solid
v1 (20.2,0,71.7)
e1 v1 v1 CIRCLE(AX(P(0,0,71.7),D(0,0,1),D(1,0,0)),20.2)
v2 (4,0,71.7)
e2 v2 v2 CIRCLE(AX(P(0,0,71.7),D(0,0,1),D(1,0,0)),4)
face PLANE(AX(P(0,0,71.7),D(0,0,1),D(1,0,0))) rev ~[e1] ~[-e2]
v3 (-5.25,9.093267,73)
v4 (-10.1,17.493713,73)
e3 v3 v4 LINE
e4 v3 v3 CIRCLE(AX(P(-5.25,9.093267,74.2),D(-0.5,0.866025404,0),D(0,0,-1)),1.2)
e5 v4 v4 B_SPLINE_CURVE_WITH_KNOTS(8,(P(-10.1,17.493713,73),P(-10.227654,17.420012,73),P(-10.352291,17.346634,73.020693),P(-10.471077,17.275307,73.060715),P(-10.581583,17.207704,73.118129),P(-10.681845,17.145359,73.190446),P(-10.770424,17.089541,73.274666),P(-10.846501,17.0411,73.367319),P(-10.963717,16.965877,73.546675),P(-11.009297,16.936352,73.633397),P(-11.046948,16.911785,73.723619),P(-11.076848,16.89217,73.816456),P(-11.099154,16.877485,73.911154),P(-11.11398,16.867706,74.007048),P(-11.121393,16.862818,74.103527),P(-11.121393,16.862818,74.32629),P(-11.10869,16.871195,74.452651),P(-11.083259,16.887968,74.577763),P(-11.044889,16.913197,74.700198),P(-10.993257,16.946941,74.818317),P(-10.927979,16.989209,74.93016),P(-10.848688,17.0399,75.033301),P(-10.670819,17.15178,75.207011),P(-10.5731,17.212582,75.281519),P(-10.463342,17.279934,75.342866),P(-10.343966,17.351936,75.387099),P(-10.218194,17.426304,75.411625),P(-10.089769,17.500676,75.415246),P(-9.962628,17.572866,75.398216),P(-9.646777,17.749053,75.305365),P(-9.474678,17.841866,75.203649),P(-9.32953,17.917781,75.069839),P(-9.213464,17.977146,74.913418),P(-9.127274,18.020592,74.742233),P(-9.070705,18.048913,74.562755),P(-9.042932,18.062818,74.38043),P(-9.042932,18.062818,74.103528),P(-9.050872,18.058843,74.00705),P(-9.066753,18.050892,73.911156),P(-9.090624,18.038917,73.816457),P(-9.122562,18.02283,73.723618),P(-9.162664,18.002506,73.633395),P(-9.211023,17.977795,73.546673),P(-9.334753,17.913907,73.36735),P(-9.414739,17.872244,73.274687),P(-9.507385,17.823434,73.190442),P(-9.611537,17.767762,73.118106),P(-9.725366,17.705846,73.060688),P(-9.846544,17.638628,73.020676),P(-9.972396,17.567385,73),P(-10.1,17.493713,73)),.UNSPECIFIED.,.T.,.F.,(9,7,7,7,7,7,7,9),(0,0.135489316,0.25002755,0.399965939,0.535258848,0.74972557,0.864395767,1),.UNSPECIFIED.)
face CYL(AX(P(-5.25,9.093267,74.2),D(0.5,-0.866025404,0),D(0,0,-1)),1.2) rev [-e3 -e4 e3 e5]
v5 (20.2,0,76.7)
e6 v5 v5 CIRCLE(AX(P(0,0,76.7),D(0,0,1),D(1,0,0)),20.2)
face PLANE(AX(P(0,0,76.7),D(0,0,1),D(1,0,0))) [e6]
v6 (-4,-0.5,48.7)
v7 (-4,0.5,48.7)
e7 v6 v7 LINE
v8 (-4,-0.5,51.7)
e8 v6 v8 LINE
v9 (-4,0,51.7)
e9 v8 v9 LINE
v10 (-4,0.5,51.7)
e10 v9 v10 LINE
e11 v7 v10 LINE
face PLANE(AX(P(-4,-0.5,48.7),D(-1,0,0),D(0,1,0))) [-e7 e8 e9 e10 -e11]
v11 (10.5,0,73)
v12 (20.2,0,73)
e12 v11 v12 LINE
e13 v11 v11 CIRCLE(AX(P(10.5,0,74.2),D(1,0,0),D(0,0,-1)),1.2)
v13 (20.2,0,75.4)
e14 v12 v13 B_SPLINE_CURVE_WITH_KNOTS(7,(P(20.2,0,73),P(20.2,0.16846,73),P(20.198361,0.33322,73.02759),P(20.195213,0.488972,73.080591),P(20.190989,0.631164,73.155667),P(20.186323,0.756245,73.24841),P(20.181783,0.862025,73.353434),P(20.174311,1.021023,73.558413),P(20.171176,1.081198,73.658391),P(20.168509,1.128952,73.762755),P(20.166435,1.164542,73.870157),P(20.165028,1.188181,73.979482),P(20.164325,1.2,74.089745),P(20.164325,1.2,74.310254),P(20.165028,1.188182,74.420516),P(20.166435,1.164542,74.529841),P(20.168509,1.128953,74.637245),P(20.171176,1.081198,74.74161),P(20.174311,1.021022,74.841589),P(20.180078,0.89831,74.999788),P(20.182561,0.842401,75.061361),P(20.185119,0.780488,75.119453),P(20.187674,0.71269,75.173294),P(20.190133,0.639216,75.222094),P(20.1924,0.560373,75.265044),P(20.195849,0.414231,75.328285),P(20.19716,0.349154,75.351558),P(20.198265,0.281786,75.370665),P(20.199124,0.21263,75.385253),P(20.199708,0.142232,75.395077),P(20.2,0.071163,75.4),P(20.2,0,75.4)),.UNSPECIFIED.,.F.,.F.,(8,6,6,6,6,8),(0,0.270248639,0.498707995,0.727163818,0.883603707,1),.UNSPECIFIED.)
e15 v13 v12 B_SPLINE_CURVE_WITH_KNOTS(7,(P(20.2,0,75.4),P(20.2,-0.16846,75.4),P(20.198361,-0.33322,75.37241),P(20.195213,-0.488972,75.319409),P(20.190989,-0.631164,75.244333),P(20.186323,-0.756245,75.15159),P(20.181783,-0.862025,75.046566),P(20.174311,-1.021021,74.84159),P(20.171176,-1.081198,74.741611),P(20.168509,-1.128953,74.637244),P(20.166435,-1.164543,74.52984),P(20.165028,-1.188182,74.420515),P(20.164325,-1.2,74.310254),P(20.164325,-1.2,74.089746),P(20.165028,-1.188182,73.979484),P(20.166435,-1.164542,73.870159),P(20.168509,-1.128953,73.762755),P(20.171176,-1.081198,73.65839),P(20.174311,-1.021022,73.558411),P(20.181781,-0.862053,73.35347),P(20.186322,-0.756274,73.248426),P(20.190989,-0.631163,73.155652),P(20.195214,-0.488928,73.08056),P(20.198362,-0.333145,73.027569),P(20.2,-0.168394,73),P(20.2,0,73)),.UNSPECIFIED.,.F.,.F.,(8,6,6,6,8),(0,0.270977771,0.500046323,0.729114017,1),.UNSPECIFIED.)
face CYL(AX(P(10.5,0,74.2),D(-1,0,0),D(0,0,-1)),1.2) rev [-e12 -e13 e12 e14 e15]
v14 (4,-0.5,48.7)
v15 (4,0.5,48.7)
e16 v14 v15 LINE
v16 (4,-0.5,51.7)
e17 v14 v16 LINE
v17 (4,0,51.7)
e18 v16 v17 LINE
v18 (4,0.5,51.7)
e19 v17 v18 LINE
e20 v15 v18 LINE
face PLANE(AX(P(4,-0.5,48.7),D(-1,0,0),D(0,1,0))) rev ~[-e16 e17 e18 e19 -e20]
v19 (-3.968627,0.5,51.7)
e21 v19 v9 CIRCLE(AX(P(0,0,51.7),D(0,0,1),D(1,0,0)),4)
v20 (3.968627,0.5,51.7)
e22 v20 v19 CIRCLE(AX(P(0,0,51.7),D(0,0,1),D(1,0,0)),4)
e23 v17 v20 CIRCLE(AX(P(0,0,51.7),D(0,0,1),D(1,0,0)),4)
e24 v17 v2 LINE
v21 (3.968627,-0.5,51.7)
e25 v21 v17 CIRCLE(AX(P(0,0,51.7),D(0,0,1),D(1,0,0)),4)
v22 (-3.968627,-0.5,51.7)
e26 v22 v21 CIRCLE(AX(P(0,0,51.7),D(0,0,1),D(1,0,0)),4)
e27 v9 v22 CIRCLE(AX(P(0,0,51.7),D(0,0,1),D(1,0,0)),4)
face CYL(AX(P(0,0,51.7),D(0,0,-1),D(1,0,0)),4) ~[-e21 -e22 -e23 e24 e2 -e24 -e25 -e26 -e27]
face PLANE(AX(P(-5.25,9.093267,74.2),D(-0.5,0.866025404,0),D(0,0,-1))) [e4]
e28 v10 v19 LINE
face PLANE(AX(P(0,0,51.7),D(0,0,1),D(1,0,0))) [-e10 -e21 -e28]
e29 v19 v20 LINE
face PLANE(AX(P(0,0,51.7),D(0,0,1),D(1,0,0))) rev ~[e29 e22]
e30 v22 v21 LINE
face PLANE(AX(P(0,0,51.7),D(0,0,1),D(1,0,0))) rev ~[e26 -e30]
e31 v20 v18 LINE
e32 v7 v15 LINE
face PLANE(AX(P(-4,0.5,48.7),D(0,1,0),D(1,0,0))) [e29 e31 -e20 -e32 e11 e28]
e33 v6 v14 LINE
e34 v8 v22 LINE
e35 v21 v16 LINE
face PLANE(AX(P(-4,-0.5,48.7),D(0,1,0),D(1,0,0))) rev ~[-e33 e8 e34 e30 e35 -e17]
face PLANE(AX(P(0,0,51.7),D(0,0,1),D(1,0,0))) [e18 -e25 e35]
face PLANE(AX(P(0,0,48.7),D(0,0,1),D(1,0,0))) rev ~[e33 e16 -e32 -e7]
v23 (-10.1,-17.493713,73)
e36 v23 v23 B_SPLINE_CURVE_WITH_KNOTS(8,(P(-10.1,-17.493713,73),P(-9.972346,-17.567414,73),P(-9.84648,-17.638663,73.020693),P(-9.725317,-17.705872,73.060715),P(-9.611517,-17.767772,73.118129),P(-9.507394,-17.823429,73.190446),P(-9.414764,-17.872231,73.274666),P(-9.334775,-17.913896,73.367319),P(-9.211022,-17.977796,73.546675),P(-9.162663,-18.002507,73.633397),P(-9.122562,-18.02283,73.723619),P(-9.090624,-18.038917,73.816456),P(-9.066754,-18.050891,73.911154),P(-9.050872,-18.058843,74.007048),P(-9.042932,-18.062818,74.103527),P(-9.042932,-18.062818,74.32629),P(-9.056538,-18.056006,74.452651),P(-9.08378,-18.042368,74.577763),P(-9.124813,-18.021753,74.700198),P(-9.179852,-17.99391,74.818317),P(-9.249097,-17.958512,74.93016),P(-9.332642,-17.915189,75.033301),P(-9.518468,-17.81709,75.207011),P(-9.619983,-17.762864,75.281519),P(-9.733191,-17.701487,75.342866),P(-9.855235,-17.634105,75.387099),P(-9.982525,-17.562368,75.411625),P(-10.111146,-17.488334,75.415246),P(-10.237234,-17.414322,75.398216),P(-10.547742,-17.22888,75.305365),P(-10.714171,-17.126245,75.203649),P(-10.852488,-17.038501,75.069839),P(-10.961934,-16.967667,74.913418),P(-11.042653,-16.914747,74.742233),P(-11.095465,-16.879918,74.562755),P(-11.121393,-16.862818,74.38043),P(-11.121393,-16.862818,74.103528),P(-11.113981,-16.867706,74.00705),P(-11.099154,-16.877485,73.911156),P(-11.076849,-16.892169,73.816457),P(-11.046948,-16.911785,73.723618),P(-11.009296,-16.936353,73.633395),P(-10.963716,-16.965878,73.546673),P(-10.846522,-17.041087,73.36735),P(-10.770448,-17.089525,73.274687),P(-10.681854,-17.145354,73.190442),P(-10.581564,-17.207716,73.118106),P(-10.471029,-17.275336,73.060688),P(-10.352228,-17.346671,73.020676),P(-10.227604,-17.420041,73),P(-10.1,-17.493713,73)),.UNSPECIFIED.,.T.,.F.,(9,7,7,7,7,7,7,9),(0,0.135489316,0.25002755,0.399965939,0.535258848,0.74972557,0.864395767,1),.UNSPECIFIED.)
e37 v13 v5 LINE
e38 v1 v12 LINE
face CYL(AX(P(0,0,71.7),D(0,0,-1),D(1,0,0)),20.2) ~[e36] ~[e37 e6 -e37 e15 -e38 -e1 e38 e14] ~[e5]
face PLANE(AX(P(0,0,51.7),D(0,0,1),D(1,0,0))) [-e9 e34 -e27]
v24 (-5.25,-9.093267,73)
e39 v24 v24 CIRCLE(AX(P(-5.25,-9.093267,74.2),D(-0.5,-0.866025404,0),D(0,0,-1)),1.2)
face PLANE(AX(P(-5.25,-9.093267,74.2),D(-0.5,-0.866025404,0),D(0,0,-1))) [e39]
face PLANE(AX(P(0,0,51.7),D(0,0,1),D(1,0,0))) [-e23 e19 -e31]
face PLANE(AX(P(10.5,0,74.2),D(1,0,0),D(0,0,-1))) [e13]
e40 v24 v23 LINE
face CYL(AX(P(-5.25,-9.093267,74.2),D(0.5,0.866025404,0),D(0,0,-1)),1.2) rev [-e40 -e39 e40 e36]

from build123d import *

# Parameters (mm, degrees)
CYLINDER060_R     = 1.2
CYLINDER060_DEPTH = 10
ARRAY013_COUNT    = 3
CYLINDER061_R     = 4
CYLINDER061_DEPTH = 20
BOX014_W          = 8
BOX014_H          = 1
BOX014_DEPTH      = 3
CYLINDER059_R     = 20.2
CYLINDER059_DEPTH = 5


with BuildPart() as pos_plate_screws:
    # Cylinder060 → Cylinder060 (new body)
    with BuildSketch(Plane(origin=(10.5, 0, 74.2), x_dir=(0, 0, -1), z_dir=(1, 0, 0))):
        Circle(CYLINDER060_R)
    extrude(amount=CYLINDER060_DEPTH)

    # Array013: pos-plate-screws ×3 about axis
    array013_axis = Axis((0, 0, 0), (0, 0, 1))


with BuildPart() as pos_plate_screws_1:
    add(pos_plate_screws.part)
    for i in range(1, ARRAY013_COUNT):
        add(pos_plate_screws.part.rotate(array013_axis, i * 360 / ARRAY013_COUNT))


with BuildPart() as pos_cylinder:
    # Cylinder061 → Cylinder061 (new body)
    with BuildSketch(Plane.XY.offset(51.7)):
        Circle(CYLINDER061_R)
    extrude(amount=CYLINDER061_DEPTH)


with BuildPart() as pos_pick:
    # Box014 → Box014 (new body)
    with BuildSketch(Plane(origin=(-4, -0.5, 48.7), x_dir=(1, 0, 0), z_dir=(0, 0, 1))):
        with Locations((4, 0.5)):
            Rectangle(BOX014_W, BOX014_H)
    extrude(amount=BOX014_DEPTH)


with BuildPart() as turret_pos_pick:
    # Cylinder059 → Cylinder059 (new body)
    with BuildSketch(Plane.XY.offset(71.7)):
        Circle(CYLINDER059_R)
    extrude(amount=CYLINDER059_DEPTH)

    # Fusion026: union pos-cylinder, pos-pick
    add(pos_cylinder.part)
    add(pos_pick.part)

    # Cut048: cut pos-plate-screws
    add(pos_plate_screws_1.part, mode=Mode.SUBTRACT)


solid = turret_pos_pick.part
